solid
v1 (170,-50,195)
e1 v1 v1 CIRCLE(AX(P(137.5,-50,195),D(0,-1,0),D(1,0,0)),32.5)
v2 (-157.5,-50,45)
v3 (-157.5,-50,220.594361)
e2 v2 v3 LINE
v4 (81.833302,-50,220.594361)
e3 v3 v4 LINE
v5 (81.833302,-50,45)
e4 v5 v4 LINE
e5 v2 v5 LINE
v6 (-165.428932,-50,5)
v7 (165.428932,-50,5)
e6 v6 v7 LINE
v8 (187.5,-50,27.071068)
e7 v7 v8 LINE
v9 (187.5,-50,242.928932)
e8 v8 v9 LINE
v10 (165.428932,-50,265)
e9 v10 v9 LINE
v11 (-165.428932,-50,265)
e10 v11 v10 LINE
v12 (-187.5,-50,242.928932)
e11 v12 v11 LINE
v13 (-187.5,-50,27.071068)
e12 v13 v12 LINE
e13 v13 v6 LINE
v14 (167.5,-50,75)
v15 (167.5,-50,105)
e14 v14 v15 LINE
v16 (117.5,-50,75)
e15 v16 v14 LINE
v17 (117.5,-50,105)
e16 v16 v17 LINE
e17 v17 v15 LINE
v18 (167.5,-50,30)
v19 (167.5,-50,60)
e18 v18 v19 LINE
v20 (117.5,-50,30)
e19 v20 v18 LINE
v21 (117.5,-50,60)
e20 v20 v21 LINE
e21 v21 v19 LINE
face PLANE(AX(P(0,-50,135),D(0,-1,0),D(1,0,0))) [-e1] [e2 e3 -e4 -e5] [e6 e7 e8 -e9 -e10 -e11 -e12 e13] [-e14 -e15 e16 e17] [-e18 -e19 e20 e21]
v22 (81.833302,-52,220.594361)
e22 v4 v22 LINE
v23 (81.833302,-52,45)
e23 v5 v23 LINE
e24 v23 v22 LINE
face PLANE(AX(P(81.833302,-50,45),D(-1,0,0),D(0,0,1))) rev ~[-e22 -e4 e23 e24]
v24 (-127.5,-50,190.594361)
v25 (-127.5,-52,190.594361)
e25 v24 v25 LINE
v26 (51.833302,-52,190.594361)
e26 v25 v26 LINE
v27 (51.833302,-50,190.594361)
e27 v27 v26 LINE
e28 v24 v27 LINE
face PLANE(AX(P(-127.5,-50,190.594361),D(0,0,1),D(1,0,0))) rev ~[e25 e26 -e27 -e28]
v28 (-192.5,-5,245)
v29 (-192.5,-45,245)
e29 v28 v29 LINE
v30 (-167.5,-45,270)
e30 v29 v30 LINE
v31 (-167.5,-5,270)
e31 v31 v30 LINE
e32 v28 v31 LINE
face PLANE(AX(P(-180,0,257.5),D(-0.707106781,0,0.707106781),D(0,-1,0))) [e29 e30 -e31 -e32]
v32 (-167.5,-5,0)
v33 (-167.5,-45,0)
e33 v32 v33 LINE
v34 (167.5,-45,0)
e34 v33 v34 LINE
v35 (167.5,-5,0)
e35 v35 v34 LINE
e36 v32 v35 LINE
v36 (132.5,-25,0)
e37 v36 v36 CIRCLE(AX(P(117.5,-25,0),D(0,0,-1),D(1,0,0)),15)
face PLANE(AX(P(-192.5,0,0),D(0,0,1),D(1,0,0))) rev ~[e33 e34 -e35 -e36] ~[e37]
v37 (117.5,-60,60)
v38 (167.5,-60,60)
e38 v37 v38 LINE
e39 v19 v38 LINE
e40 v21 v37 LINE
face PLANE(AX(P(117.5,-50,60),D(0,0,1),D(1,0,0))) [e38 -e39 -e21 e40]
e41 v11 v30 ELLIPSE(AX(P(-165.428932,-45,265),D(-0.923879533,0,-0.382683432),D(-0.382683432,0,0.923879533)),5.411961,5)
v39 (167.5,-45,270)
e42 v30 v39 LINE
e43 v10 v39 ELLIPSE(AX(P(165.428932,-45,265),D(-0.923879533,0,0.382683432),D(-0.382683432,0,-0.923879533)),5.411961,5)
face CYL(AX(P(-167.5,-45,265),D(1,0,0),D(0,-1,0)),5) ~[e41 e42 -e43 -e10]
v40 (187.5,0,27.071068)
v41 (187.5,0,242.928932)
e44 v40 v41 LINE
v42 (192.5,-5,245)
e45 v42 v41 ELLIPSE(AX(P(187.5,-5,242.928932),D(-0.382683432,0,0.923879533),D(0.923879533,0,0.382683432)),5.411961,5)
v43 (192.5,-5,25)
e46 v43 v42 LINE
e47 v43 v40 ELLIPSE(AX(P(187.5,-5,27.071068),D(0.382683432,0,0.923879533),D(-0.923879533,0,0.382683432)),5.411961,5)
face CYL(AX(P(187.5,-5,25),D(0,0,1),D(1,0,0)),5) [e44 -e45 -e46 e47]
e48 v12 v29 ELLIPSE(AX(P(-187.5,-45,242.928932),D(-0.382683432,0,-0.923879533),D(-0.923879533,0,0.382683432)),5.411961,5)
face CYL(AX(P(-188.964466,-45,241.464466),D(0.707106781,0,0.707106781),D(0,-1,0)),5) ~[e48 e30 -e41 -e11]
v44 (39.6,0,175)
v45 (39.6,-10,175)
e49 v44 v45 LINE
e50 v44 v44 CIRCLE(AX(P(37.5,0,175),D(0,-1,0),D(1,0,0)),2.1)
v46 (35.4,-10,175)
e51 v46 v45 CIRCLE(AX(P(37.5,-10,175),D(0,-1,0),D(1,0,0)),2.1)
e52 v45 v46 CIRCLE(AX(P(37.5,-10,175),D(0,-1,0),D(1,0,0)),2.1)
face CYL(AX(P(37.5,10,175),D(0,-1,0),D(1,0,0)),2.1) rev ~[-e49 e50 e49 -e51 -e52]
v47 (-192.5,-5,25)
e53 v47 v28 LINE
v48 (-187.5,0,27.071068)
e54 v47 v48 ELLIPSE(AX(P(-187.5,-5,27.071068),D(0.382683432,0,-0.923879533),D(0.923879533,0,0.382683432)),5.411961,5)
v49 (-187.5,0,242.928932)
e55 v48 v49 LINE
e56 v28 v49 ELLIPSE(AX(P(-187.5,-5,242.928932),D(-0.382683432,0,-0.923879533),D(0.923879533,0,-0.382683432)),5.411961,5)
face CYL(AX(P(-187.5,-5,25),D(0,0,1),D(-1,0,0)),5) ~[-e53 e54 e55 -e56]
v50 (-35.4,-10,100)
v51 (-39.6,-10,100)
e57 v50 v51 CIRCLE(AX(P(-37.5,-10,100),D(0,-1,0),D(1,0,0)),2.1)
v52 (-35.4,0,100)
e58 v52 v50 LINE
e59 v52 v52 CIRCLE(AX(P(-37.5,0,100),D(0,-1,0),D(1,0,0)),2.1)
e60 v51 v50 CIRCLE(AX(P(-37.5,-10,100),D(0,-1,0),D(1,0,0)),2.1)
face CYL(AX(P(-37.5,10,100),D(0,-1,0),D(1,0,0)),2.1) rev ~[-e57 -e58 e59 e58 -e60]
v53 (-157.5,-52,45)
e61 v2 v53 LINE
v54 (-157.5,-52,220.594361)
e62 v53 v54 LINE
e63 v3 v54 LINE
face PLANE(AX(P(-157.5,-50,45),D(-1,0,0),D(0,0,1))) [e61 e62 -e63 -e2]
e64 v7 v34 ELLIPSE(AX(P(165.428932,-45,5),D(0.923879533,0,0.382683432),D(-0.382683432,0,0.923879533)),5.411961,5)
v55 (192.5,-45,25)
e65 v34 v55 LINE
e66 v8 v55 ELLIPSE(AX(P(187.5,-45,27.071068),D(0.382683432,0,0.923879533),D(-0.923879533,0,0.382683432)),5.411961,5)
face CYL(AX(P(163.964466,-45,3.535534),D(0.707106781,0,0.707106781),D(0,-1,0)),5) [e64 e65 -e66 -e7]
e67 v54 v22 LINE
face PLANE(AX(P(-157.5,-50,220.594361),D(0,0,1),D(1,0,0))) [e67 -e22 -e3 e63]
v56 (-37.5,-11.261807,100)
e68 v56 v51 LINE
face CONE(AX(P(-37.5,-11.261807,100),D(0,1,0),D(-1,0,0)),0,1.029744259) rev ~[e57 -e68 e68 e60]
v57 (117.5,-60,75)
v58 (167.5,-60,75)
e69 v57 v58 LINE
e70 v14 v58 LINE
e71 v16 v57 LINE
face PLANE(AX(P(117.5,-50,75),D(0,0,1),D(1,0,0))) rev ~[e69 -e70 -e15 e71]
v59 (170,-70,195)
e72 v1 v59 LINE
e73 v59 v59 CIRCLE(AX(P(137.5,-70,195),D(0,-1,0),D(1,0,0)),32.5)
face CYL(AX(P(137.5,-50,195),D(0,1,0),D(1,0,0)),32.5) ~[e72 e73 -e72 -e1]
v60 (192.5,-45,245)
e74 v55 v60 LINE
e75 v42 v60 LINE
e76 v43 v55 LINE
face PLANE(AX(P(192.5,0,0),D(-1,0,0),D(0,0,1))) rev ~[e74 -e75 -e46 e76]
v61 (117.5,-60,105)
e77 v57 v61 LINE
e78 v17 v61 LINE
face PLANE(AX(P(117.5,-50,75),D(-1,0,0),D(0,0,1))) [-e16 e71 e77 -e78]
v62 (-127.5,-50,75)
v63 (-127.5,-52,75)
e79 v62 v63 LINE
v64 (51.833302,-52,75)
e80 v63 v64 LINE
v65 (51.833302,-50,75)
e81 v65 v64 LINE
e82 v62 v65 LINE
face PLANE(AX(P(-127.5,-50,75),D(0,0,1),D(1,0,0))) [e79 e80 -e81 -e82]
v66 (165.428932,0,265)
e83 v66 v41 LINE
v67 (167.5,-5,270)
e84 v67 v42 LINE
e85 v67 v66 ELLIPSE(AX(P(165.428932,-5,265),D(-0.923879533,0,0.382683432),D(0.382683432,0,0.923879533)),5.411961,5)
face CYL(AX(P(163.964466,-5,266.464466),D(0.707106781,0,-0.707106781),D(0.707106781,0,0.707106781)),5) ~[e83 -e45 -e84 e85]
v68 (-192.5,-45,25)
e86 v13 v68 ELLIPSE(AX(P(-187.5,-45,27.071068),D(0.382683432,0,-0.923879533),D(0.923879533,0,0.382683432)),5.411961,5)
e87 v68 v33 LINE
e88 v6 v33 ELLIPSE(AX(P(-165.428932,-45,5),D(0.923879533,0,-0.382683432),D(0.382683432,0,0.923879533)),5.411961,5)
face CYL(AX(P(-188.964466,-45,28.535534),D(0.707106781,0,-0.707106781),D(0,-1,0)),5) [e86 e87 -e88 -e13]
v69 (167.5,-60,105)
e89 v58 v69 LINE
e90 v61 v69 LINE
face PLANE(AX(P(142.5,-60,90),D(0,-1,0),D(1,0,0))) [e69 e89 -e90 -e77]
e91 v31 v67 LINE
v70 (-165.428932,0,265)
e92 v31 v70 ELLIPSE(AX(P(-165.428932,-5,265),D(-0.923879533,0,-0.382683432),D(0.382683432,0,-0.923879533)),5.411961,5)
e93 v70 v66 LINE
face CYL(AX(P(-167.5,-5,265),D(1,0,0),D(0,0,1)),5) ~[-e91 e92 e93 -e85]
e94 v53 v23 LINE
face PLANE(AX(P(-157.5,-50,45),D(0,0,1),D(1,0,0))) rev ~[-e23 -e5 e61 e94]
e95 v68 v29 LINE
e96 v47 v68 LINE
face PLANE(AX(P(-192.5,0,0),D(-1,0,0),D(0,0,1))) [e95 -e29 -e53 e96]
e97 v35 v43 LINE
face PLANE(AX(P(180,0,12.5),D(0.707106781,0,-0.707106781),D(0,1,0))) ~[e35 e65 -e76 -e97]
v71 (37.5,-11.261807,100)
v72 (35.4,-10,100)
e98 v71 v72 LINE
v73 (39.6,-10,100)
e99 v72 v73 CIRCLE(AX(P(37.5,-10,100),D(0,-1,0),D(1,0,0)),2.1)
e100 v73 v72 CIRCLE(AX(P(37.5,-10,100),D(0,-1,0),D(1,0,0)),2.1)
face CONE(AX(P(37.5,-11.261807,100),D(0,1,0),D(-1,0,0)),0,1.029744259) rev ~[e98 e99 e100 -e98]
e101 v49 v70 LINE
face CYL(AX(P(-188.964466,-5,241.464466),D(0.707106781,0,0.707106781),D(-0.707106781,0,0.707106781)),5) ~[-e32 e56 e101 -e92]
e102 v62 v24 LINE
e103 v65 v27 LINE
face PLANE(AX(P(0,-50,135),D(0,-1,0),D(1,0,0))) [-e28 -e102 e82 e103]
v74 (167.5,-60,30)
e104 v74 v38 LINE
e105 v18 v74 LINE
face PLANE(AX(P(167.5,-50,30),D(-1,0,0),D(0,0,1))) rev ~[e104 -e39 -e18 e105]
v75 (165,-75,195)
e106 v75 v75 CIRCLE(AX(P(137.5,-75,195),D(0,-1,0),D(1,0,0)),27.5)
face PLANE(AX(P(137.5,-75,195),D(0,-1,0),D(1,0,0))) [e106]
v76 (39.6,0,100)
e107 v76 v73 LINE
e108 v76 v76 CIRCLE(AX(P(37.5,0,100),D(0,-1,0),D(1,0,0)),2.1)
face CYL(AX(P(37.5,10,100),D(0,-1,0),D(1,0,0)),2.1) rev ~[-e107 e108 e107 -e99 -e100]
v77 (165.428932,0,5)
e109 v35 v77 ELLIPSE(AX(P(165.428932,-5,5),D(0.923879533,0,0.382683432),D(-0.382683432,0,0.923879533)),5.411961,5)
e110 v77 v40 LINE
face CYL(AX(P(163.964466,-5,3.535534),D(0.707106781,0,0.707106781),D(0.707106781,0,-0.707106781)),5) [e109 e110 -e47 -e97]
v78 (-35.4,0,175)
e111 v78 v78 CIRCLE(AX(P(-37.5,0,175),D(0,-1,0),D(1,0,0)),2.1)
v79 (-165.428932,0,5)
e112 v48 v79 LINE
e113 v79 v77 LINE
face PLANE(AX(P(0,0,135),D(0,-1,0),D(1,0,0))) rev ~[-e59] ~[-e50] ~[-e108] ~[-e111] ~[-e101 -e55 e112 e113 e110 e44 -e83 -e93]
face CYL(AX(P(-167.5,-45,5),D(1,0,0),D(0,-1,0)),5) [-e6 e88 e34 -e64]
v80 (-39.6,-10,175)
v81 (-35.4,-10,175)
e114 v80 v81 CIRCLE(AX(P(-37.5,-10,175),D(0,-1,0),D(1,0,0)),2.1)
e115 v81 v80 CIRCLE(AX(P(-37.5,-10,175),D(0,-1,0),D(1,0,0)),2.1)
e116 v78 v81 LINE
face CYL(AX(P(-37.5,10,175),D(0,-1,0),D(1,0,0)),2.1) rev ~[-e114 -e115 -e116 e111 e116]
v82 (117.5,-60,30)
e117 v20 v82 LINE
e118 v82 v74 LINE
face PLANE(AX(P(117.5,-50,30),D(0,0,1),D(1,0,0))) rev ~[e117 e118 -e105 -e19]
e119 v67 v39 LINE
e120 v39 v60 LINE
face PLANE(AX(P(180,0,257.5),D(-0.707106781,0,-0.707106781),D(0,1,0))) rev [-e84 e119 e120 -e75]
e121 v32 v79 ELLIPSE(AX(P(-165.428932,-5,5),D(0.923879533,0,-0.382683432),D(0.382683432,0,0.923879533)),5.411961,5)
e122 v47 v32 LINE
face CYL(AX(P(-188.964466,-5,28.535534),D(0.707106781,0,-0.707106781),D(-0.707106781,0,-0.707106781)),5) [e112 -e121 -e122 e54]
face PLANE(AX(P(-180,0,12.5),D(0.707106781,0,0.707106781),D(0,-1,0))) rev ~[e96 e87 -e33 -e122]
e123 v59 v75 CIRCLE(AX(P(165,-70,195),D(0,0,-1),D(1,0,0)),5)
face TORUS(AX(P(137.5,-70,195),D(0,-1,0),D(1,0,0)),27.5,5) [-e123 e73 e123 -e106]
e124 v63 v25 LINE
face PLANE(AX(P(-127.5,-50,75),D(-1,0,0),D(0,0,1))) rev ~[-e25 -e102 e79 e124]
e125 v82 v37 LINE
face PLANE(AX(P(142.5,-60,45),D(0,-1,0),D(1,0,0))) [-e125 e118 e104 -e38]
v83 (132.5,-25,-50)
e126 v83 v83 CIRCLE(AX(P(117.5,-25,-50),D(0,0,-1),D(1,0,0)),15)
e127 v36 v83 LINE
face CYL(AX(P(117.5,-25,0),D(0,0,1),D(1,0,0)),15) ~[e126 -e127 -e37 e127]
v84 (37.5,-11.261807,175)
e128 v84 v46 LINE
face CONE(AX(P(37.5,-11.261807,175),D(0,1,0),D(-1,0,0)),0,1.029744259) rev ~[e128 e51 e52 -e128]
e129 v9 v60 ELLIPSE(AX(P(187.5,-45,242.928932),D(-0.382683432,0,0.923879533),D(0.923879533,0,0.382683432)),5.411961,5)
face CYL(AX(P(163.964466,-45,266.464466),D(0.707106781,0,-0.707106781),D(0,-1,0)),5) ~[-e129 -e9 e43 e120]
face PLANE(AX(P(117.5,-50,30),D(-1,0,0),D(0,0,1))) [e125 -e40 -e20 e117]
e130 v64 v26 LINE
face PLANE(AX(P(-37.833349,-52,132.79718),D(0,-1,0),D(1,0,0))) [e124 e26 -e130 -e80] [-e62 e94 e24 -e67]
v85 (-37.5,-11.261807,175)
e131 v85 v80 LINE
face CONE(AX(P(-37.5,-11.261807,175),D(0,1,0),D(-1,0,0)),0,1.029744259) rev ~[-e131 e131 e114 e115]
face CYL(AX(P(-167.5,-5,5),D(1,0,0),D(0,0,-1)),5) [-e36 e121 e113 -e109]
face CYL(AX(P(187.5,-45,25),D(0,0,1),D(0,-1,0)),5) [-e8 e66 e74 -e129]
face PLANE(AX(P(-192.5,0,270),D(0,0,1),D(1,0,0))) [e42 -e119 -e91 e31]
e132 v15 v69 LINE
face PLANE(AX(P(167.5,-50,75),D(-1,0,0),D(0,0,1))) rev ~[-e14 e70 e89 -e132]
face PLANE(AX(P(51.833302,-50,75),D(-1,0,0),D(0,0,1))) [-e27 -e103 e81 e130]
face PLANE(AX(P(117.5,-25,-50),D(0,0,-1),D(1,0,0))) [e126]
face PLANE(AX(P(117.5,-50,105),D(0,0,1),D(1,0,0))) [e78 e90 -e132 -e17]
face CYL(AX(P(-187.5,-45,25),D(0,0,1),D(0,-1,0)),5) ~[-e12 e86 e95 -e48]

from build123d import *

# Parameters (mm, degrees)
F0_W      = 385
F0_H      = 270
F1_DEPTH  = 50
F2_W      = 239.333302365
F2_H      = 175.5943608609
F2_W_2    = 179.333302365
F2_H_2    = 115.5943608609
F3_DEPTH  = 2
F4_R      = 32.5
F5_DEPTH  = 25
F6_W      = 50
F6_H      = 30
F7_DEPTH  = 10
F8_SIZE   = 25
F9_R      = 5
F10_R     = 15
F11_DEPTH = 50
F13_D     = 4.2
F13_DEPTH = 10
F13_TIP   = 1.2618073
F14_R     = 5


with BuildPart() as f1:
    # F0 (on Front) → F1 (new body)
    with BuildSketch(Plane.XZ):
        with Locations((0, 135)):
            Rectangle(F0_W, F0_H)
    extrude(amount=F1_DEPTH)

    # F2 (on face) → F3 (join)
    with BuildSketch(Plane.XZ.offset(50)):
        with Locations((-37.8333488175, 132.7971804305)):
            Rectangle(F2_W, F2_H)
        with Locations((-37.8333488175, 132.7971804305)):
            Rectangle(F2_W_2, F2_H_2, mode=Mode.SUBTRACT)
    extrude(amount=F3_DEPTH)

    # F4 (on face) → F5 (join)
    with BuildSketch(Plane.XZ.offset(50)):
        with Locations((137.5, 195)):
            Circle(F4_R)
    extrude(amount=F5_DEPTH)

    # F6 (on face) → F7 (join)
    with BuildSketch(Plane.XZ.offset(50)):
        with Locations((142.5, 90)):
            Rectangle(F6_W, F6_H)
        with Locations((142.5, 45)):
            Rectangle(F6_W, F6_H)
    extrude(amount=F7_DEPTH)

    # F8
    f8_edges = [f1.edges().sort_by_distance(p)[0] for p in [
        (192.5, -25, 270),
        (-192.5, -25, 270),
        (-192.5, -25, 0),
        (192.5, -25, 0),
    ]]
    chamfer(f8_edges, length=F8_SIZE)

    # F9
    f9_edges = [f1.edges().sort_by_distance(p)[0] for p in [
        (105, -75, 195),
    ]]
    fillet(f9_edges, radius=F9_R)

    # F10 (on face) → F11 (join)
    with BuildSketch(Plane(origin=(0, 0, 0), x_dir=(1, 0, 0), z_dir=(0, 0, -1))):
        with Locations((117.5, 25)):
            Circle(F10_R)
    extrude(amount=F11_DEPTH)

    # F13
    with Locations(Plane(origin=(0, 0, 0), x_dir=(-1, 0, 0), z_dir=(0, 1, 0))):
        with Locations((-37.5, 175), (37.5, 175), (37.5, 100), (-37.5, 100)):
            Hole(F13_D / 2, depth=F13_DEPTH)
            with Locations((0, 0, -(F13_DEPTH + F13_TIP / 2))):  # 118° drill point
                Cone(0, F13_D / 2, F13_TIP, mode=Mode.SUBTRACT)

    # F14
    f14_edges = [f1.edges().sort_by_distance(p)[0] for p in [
        (0, 0, 270),
        (180, 0, 257.5),
        (192.5, 0, 135),
        (180, 0, 12.5),
        (0, 0, 0),
        (-180, 0, 257.5),
        (-192.5, 0, 135),
        (-180, 0, 12.5),
        (180, -50, 257.5),
        (192.5, -50, 135),
        (180, -50, 12.5),
        (0, -50, 0),
        (-180, -50, 12.5),
        (-192.5, -50, 135),
        (-180, -50, 257.5),
        (0, -50, 270),
    ]]
    fillet(f14_edges, radius=F14_R)


solid = f1.part
